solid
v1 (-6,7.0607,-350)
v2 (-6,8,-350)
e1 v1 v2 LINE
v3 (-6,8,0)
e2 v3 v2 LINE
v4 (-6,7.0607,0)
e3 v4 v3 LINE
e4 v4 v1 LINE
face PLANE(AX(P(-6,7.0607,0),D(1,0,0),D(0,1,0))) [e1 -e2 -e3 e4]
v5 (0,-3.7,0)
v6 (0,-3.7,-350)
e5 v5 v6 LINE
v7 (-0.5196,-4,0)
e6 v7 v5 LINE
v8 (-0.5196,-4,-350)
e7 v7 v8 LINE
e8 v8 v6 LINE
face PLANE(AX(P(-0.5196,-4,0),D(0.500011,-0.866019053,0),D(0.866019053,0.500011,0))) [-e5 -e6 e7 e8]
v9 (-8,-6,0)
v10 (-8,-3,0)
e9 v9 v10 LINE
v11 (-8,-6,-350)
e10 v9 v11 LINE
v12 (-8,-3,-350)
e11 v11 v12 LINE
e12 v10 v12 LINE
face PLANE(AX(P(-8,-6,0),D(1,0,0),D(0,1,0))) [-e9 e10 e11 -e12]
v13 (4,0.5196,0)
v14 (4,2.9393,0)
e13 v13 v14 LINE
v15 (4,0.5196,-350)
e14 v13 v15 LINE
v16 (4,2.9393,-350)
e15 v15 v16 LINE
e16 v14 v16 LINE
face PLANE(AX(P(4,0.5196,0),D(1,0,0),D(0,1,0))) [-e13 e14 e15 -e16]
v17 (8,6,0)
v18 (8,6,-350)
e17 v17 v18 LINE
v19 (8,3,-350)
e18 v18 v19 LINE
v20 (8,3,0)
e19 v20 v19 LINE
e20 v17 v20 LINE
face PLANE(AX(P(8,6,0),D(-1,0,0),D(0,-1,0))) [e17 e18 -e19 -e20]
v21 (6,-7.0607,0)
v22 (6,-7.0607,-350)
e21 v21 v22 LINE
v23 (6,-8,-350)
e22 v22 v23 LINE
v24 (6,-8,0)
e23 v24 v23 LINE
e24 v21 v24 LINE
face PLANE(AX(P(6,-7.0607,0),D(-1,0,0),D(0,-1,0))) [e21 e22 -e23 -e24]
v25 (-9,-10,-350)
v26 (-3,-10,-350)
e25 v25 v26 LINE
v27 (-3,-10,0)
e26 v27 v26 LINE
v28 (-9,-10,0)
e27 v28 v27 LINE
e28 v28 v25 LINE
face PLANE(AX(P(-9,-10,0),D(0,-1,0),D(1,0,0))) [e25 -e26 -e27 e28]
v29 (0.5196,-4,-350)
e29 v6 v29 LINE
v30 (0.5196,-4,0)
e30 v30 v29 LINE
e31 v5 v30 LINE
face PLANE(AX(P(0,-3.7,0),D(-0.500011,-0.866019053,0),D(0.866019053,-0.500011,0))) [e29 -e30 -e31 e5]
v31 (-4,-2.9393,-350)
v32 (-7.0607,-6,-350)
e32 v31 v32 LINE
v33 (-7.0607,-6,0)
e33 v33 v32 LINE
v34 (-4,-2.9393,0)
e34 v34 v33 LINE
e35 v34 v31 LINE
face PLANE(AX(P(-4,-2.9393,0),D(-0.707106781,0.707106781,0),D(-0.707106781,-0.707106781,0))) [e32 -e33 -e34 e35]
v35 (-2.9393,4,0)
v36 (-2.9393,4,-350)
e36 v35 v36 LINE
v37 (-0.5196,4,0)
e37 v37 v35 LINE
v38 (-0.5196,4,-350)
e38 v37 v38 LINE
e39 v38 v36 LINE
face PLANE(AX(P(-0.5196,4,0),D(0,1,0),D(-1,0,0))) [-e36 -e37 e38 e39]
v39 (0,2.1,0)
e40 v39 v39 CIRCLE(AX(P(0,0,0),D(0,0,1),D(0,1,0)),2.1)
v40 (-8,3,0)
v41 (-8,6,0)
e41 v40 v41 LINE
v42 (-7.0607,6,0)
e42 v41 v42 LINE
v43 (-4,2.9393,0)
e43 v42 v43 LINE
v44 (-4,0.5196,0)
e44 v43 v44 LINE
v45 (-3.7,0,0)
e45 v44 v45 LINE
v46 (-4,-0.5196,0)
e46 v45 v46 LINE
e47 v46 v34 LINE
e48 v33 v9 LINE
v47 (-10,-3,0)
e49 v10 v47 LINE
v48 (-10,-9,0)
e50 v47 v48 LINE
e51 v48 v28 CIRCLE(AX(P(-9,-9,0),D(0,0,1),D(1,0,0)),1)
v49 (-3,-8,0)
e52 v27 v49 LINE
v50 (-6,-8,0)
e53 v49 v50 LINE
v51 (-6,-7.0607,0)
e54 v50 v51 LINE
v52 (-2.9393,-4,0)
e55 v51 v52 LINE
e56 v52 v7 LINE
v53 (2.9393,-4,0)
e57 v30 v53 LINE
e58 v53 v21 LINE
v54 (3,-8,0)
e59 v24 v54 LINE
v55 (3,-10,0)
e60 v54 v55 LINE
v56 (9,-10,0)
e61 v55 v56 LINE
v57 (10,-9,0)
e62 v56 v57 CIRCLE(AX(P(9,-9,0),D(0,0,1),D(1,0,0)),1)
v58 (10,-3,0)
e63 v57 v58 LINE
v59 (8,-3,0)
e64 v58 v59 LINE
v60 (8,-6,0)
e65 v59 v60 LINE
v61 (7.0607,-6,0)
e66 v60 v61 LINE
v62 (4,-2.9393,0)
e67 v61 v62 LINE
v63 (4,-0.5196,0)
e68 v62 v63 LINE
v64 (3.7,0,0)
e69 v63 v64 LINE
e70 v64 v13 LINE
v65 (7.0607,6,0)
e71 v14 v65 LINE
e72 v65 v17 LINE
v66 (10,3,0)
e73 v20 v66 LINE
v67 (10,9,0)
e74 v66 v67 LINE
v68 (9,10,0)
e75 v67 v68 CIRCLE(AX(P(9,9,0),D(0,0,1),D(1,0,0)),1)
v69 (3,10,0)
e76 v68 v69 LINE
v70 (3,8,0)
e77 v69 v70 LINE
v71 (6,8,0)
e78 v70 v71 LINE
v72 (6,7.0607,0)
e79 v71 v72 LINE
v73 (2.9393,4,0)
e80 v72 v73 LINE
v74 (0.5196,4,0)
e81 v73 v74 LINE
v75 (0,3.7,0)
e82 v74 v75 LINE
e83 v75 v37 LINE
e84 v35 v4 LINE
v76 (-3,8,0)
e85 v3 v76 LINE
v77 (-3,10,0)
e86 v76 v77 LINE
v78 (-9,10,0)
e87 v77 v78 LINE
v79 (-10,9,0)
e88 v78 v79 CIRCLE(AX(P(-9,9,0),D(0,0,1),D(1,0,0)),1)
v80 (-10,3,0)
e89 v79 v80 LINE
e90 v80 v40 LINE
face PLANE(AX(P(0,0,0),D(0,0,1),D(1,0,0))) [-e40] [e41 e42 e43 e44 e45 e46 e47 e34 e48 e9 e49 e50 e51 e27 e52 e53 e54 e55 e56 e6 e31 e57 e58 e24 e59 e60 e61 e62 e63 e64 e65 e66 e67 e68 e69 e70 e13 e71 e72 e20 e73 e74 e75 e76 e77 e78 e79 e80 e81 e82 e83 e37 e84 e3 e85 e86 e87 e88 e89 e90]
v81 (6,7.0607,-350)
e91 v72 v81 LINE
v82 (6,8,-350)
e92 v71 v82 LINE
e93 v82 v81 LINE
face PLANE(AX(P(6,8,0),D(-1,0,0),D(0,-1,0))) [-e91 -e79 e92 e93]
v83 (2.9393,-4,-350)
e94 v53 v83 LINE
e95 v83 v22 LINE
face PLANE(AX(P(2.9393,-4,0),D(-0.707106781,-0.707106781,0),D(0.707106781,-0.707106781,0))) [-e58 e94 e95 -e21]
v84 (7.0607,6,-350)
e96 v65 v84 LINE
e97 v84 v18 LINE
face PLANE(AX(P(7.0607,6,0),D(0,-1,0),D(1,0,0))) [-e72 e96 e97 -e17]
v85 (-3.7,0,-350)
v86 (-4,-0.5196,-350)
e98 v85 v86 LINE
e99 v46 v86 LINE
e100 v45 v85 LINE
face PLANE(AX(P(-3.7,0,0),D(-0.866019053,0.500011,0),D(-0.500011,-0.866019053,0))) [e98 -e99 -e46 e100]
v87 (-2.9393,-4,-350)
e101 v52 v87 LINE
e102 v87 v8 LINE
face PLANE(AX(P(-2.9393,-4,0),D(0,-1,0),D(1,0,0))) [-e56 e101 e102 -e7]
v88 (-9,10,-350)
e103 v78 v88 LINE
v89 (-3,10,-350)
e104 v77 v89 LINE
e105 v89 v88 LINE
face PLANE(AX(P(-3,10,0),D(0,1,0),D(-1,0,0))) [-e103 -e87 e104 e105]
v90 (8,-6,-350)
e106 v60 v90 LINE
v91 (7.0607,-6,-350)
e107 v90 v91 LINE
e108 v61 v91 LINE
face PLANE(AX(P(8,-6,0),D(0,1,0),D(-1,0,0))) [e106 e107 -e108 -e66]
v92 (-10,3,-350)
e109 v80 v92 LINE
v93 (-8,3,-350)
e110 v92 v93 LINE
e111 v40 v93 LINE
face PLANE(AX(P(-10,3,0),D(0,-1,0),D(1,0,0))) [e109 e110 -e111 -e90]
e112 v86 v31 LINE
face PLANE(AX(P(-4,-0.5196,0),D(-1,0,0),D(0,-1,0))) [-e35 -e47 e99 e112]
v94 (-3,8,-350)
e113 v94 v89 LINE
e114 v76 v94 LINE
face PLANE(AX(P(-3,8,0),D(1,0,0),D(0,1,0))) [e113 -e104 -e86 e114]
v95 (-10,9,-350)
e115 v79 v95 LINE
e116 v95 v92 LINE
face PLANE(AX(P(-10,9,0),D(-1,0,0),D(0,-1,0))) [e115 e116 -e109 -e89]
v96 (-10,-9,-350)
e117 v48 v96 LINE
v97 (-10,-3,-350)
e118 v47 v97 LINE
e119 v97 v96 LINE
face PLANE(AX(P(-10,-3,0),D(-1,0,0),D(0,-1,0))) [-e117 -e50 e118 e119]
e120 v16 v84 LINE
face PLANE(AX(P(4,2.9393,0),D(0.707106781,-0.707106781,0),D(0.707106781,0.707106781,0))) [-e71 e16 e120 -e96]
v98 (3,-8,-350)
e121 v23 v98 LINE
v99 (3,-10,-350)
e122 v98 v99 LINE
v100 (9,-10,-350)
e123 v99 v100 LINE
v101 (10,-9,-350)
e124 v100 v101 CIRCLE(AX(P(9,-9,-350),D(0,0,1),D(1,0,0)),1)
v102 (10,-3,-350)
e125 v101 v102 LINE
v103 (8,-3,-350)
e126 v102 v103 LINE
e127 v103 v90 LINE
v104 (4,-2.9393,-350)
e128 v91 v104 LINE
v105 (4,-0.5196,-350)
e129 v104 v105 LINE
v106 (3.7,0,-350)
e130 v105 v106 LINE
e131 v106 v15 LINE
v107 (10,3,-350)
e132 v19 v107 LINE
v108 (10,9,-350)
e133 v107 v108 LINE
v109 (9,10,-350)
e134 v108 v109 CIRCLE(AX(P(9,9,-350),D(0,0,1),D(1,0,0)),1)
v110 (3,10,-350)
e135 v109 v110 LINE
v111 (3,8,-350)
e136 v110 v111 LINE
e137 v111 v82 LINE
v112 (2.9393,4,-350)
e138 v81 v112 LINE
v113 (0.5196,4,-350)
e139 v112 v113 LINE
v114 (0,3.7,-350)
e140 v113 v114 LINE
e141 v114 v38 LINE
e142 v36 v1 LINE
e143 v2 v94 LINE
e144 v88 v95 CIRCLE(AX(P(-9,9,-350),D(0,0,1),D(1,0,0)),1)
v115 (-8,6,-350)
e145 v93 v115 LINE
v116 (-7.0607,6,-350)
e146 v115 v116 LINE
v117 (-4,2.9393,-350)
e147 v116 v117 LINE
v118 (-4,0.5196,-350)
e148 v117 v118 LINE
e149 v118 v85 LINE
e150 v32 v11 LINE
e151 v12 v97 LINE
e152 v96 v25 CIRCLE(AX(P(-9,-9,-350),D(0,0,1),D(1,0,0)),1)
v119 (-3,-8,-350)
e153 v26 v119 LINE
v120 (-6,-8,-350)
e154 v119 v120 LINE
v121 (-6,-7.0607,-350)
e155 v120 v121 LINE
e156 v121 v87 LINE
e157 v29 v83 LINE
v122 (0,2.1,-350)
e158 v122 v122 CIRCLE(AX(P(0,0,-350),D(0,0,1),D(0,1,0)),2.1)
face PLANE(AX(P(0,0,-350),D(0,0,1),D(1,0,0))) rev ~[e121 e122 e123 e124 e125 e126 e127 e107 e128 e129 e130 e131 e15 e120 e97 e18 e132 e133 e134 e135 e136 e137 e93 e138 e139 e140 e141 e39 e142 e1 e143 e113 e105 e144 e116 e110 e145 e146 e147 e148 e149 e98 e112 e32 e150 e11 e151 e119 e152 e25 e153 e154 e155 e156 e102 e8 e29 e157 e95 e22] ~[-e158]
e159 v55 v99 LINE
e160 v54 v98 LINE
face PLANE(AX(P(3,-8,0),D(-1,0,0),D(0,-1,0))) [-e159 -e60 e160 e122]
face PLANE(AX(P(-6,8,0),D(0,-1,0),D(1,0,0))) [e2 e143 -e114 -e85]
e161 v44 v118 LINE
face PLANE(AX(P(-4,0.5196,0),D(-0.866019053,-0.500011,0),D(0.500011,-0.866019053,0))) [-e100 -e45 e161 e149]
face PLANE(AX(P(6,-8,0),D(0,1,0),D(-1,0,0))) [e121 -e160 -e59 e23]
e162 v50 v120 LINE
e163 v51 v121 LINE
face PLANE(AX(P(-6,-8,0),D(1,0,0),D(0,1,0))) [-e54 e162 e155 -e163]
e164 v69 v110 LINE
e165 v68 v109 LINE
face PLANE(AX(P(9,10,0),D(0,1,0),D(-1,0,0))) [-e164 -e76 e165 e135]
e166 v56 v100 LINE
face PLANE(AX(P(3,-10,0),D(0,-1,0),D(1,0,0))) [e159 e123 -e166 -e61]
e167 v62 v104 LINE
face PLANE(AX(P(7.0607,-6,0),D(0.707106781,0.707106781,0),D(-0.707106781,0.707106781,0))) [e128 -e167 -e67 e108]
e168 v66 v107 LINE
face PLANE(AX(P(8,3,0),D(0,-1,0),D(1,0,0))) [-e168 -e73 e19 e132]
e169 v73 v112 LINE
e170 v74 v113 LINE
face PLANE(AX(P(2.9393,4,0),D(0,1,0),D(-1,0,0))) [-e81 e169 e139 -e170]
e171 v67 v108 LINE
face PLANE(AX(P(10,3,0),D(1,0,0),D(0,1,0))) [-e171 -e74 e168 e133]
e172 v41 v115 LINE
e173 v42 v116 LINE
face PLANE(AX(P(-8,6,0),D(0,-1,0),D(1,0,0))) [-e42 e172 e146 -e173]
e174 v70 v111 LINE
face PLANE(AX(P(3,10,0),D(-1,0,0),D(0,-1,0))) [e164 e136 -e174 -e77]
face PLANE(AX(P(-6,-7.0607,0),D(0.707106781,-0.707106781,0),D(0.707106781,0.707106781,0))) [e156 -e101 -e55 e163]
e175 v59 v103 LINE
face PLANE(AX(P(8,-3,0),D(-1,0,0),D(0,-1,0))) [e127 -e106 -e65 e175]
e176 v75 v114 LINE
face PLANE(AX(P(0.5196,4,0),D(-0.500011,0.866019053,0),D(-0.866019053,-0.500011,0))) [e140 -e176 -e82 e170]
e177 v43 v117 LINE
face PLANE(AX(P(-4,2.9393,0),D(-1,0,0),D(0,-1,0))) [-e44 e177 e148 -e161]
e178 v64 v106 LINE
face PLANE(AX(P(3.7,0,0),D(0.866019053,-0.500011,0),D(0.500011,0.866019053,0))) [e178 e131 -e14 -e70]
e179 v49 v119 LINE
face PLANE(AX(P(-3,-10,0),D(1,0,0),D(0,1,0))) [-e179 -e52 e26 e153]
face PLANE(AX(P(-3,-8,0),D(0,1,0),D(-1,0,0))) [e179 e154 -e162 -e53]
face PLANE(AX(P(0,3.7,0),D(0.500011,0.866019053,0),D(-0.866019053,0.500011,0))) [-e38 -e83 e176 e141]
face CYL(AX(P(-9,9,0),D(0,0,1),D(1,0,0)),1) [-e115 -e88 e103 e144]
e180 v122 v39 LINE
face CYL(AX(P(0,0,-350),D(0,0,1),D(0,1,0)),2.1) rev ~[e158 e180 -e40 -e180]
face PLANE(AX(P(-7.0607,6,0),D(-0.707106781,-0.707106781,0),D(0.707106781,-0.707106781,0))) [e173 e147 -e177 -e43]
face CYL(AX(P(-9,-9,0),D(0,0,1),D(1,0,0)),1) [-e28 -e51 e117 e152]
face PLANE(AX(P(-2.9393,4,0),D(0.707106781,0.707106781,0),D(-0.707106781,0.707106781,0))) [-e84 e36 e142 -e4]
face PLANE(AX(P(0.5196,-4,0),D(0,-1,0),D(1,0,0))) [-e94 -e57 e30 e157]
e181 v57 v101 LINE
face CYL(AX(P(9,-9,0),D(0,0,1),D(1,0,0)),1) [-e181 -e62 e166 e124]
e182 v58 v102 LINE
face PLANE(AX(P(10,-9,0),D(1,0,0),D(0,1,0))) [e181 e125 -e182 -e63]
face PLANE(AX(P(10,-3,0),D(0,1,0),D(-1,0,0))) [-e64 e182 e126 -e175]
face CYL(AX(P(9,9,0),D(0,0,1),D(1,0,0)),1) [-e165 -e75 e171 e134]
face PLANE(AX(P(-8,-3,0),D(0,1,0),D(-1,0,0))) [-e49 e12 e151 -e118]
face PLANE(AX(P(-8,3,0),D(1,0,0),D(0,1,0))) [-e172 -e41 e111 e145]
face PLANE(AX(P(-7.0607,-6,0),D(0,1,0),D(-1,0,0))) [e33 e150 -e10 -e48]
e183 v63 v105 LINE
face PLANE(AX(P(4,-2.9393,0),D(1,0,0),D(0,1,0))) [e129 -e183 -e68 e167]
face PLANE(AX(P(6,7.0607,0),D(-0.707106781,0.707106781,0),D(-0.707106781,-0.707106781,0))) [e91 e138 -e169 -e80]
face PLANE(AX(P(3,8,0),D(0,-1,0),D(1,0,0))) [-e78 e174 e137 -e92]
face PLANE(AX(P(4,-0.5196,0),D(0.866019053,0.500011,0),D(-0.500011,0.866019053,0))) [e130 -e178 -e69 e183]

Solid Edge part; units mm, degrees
sketch "Sketch1" plane through (0, 0, 0) normal (0, 0, 1) x (1, 0, 0)
  line L0 (-10, -3) -> (-10, -9)
  arc A0 (-10, -9) -> (-9, -10) centre (-9, -9) ccw
  line L1 (-9, -10) -> (-3, -10)
  line L2 (-3, -10) -> (-3, -8)
  line L3 (-3, -8) -> (-6, -8)
  line L4 (-6, -8) -> (-6, -7.0607)
  line L5 (-6, -7.0607) -> (-2.9393, -4)
  line L6 (-2.9393, -4) -> (-0.5196, -4)
  line L7 (-0.5196, -4) -> (0, -3.7)
  line L8 (0, -3.7) -> (0.5196, -4)
  line L9 (0.5196, -4) -> (2.9393, -4)
  line L10 (2.9393, -4) -> (6, -7.0607)
  line L11 (6, -7.0607) -> (6, -8)
  line L12 (6, -8) -> (3, -8)
  line L13 (3, -8) -> (3, -10)
  line L14 (3, -10) -> (9, -10)
  arc A1 (9, -10) -> (10, -9) centre (9, -9) ccw
  line L15 (10, -9) -> (10, -3)
  line L16 (10, -3) -> (8, -3)
  line L17 (8, -3) -> (8, -6)
  line L18 (8, -6) -> (7.0607, -6)
  line L19 (7.0607, -6) -> (4, -2.9393)
  line L20 (4, -2.9393) -> (4, -0.5196)
  line L21 (4, -0.5196) -> (3.7, 0)
  line L22 (3.7, 0) -> (4, 0.5196)
  line L23 (4, 0.5196) -> (4, 2.9393)
  line L24 (4, 2.9393) -> (7.0607, 6)
  line L25 (7.0607, 6) -> (8, 6)
  line L26 (8, 6) -> (8, 3)
  line L27 (8, 3) -> (10, 3)
  line L28 (10, 3) -> (10, 9)
  arc A2 (10, 9) -> (9, 10) centre (9, 9) ccw
  line L29 (9, 10) -> (3, 10)
  line L30 (3, 10) -> (3, 8)
  line L31 (3, 8) -> (6, 8)
  line L32 (6, 8) -> (6, 7.0607)
  line L33 (6, 7.0607) -> (2.9393, 4)
  line L34 (2.9393, 4) -> (0.5196, 4)
  line L35 (0.5196, 4) -> (0, 3.7)
  line L36 (0, 3.7) -> (-0.5196, 4)
  line L37 (-0.5196, 4) -> (-2.9393, 4)
  line L38 (-2.9393, 4) -> (-6, 7.0607)
  line L39 (-6, 7.0607) -> (-6, 8)
  line L40 (-6, 8) -> (-3, 8)
  line L41 (-3, 8) -> (-3, 10)
  line L42 (-3, 10) -> (-9, 10)
  arc A3 (-9, 10) -> (-10, 9) centre (-9, 9) ccw
  line L43 (-10, 9) -> (-10, 3)
  line L44 (-10, 3) -> (-8, 3)
  line L45 (-8, 3) -> (-8, 6)
  line L46 (-8, 6) -> (-7.0607, 6)
  line L47 (-7.0607, 6) -> (-4, 2.9393)
  line L48 (-4, 2.9393) -> (-4, 0.5196)
  line L49 (-4, 0.5196) -> (-3.7, 0)
  line L50 (-3.7, 0) -> (-4, -0.5196)
  line L51 (-4, -0.5196) -> (-4, -2.9393)
  line L52 (-4, -2.9393) -> (-7.0607, -6)
  line L53 (-7.0607, -6) -> (-8, -6)
  line L54 (-8, -6) -> (-8, -3)
  line L55 (-8, -3) -> (-10, -3)
extrude "Protrusion1" add sketch "Sketch1" against normal blind 350
hole "Bohrung_1" at (0, 0, -350) direction (0, 0, 1) diameter 4.2 depth 350
properties part number "HFS5-2020-350"
